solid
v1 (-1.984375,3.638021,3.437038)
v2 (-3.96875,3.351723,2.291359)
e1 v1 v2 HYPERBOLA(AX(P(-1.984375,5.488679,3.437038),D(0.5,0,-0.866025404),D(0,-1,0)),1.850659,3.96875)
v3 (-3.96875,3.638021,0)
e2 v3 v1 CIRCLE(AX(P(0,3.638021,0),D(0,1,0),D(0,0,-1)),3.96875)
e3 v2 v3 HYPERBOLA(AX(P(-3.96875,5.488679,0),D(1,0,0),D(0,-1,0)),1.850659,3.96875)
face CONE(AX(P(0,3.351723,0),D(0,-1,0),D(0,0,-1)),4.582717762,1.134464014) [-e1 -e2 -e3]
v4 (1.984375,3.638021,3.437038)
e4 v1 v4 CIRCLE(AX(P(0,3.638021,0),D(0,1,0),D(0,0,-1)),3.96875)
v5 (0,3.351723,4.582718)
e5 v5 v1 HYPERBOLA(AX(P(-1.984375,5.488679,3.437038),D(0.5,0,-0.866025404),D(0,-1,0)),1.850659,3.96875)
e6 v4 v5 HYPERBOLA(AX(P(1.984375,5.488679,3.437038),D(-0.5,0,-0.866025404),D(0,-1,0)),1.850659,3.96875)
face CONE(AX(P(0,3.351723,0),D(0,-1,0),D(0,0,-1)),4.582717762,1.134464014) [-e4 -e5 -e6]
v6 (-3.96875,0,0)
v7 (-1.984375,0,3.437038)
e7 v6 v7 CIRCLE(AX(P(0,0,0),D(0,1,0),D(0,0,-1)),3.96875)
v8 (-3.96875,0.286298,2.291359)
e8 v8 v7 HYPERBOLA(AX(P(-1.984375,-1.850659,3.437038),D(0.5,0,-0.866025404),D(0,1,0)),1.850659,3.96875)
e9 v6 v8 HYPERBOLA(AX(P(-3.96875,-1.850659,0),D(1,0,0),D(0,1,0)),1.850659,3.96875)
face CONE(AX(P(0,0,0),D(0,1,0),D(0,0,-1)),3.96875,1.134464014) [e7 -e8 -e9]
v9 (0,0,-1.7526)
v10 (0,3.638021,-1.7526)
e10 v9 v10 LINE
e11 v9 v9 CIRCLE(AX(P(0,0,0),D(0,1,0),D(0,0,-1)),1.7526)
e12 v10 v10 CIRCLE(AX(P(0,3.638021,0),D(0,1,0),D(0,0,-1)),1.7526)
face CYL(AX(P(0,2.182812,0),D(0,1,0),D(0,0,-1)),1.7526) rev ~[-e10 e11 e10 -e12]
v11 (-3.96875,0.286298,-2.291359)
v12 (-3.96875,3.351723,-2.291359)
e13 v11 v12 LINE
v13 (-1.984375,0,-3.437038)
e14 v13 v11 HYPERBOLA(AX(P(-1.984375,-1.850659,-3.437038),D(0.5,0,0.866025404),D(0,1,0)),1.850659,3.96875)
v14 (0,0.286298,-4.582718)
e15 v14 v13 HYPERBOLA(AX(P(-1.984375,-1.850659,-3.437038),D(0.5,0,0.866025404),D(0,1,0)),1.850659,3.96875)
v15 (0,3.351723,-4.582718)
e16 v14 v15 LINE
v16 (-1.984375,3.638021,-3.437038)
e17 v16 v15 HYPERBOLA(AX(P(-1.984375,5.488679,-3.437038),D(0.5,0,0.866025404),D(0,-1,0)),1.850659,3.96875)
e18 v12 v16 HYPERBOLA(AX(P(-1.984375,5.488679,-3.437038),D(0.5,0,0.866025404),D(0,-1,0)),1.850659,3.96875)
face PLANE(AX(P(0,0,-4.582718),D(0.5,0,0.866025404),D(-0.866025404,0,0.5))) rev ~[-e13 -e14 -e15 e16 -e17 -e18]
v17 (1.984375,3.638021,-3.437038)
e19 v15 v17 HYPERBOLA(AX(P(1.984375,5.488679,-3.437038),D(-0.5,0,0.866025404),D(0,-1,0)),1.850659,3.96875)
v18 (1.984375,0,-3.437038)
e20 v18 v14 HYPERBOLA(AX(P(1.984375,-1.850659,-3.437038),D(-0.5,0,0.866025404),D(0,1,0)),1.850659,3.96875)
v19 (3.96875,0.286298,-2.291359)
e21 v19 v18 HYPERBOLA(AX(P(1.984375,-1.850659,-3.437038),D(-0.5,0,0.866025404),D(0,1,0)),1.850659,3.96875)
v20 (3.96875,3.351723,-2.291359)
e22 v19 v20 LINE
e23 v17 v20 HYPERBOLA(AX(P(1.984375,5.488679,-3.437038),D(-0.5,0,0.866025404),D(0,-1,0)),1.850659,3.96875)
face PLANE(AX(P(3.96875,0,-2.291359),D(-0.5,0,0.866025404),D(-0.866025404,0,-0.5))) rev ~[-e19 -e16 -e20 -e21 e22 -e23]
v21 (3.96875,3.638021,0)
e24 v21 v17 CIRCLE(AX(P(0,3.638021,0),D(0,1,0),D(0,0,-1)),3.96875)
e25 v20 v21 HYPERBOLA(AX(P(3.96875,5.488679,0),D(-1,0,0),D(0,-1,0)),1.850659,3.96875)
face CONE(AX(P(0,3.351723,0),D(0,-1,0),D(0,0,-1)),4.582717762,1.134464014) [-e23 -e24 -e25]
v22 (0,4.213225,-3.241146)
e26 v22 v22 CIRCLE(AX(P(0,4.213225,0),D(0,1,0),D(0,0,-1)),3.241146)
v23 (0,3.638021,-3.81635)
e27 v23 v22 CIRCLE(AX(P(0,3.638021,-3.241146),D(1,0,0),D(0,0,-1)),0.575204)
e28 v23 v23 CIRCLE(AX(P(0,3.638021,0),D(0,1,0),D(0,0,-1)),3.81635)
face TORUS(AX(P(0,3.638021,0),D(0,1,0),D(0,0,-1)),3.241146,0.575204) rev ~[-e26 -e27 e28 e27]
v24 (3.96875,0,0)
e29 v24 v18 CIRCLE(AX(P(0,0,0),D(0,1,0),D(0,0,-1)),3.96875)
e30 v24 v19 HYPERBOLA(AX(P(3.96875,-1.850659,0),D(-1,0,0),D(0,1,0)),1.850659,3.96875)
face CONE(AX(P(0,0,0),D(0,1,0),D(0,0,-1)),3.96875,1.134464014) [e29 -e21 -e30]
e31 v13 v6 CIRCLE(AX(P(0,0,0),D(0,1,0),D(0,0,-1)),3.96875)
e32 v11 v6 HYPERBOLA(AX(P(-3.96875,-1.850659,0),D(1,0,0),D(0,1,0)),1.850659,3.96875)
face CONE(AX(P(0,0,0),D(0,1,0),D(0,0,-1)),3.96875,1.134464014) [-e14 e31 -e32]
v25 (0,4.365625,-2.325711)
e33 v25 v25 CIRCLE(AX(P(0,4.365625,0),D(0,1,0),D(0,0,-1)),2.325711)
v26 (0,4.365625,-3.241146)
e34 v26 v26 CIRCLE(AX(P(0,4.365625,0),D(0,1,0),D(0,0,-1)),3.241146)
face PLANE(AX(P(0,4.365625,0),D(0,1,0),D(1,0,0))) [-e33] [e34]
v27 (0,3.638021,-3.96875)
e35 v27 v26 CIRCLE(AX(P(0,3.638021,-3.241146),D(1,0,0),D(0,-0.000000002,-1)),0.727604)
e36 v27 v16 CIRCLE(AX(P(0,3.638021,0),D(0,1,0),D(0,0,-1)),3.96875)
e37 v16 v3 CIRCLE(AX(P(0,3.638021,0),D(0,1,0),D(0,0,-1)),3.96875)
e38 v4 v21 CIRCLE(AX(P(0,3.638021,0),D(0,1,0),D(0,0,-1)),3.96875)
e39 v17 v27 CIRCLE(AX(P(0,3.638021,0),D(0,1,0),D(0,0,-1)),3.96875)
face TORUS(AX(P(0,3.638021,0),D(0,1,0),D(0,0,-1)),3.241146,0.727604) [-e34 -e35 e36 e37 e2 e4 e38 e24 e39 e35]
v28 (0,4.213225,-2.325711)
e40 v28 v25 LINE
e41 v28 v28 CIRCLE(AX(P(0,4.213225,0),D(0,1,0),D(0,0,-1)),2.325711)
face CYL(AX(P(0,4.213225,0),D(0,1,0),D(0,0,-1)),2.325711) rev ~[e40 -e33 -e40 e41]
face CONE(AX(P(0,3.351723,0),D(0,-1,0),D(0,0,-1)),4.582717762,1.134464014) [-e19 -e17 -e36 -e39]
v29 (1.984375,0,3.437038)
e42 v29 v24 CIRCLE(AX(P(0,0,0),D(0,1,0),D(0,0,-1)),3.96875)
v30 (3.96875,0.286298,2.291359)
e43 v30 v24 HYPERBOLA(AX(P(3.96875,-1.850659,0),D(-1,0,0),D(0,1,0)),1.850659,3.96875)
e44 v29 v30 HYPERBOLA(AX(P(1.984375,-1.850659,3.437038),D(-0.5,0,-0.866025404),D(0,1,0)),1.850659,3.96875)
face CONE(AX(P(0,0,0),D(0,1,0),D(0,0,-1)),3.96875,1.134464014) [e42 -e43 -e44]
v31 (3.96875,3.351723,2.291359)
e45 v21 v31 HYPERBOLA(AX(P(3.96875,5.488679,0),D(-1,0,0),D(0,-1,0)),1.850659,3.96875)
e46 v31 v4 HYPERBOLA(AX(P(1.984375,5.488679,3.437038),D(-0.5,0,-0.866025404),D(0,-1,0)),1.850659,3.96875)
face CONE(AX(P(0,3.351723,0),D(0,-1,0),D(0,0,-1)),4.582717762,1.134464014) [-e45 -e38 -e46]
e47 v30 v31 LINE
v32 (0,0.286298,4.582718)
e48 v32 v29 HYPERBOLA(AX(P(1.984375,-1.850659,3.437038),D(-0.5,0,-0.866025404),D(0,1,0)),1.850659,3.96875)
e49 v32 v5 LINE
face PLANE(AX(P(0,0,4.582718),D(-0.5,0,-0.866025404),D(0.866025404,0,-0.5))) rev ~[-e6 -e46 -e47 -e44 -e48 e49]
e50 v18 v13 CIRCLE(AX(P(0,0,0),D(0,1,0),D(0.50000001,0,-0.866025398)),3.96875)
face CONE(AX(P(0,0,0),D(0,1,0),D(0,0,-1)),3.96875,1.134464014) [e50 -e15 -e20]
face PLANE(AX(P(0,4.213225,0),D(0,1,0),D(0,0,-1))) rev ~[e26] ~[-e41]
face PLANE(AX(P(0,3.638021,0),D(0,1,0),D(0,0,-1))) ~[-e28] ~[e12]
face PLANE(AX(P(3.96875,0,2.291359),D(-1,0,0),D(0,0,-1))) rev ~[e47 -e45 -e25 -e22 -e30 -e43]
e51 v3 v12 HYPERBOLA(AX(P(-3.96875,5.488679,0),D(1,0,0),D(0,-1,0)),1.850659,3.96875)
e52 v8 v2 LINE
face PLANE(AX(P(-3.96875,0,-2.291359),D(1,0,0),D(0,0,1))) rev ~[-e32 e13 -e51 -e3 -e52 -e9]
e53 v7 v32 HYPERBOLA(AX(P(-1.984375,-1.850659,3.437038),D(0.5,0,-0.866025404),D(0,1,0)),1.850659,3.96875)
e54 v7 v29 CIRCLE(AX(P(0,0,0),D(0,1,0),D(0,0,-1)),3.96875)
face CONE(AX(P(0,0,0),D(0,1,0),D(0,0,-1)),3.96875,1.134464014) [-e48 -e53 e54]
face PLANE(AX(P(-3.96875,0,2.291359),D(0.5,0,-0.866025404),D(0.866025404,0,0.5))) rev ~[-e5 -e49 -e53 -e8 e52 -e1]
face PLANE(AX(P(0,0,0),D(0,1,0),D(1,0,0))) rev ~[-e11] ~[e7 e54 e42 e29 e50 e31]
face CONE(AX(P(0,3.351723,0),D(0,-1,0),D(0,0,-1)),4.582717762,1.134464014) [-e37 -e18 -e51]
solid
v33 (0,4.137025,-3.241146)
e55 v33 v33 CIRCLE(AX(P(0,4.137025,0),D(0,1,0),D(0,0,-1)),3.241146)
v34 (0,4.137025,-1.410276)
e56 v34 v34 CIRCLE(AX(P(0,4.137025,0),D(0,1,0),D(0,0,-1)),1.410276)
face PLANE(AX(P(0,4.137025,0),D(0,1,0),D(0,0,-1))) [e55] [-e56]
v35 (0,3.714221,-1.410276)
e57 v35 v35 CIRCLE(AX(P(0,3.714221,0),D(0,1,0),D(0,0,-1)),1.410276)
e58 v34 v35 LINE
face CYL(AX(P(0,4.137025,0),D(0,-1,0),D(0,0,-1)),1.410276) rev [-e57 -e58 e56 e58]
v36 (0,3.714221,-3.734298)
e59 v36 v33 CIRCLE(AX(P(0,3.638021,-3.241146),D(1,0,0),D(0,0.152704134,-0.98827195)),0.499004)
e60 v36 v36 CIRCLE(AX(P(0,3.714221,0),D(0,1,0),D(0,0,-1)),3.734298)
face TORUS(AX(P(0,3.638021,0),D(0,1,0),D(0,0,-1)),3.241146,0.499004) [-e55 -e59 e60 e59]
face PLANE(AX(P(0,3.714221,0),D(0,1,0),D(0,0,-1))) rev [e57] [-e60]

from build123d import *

# Parameters (mm, degrees)
EXTRUDE1_DEPTH = 4.365625
SKETCH2_W      = 1.7526
SKETCH2_H      = 4.365625


with BuildPart() as part:
    # Sketch1 → Extrude1 (new body)
    with BuildSketch(Plane(origin=(0, 0, 0), x_dir=(1, 0, 0), z_dir=(0, 1, 0))):
        Polygon((0, 4.582717762), (-3.96875, 2.291358881), (-3.96875, -2.291358881), (0, -4.582717762), (3.96875, -2.291358881), (3.96875, 2.291358881), align=None)
    extrude(amount=EXTRUDE1_DEPTH)

    # Sketch4 → Cut-Revolve2 (revolve, cut)
    with BuildSketch(Plane(origin=(0, 0, 0), x_dir=(0, 0, -1), z_dir=(1, 0, 0))):
        Polygon((0, 4.365625), (1.7526, 4.365625), (1.410275607, 4.205996514), (1.410275607, 0.159628486), (1.7526, 0), (0, 0), align=None)
    revolve(axis=Axis((0, 4.365625, 0), (0, 1, 0)), mode=Mode.SUBTRACT)


with BuildPart() as body_2:
    # Sketch2 → Revolve1 (revolve)
    with BuildSketch(Plane(origin=(0, 0, 0), x_dir=(0, 0, -1), z_dir=(1, 0, 0))):
        with Locations((0.8763, 2.1828125)):
            Rectangle(SKETCH2_W, SKETCH2_H)
    revolve(axis=Axis((0, -1.7526, 0), (0, 1, 0)))


with BuildPart() as part_1:
    add(part.part)

    # Combine1: cut body 2
    add(body_2.part, mode=Mode.SUBTRACT)

    # Sketch5 → Cut-Revolve3 (revolve, cut)
    with BuildSketch(Plane(origin=(0, 0, 0), x_dir=(0, 0, -1), z_dir=(1, 0, 0))):
        with BuildLine():
            Line((0, 0), (3.96875, 0))
            Line((3.96875, 0), (4.582717762, 0.286297869))
            Line((4.582717762, 0.286297869), (4.582717762, 3.351722964))
            Line((4.582717762, 3.351722964), (3.96875, 3.638020833))
            ThreePointArc((3.96875, 3.638020833), (3.755639674, 4.152514674), (3.241145833, 4.365625))
            Line((3.241145833, 4.365625), (3.241145833, 5.635625))
            Line((3.241145833, 5.635625), (5.852717762, 5.635625))
            Line((5.852717762, 5.635625), (5.852717762, -1.27))
            Line((5.852717762, -1.27), (0, -1.27))
            Line((0, -1.27), (0, 0))
        make_face()
    revolve(axis=Axis((0, 0, 0), (0, 1, 0)), mode=Mode.SUBTRACT)

    # Sketch6 → Cut-Revolve4 (revolve, cut)
    with BuildSketch(Plane(origin=(0, 0, 0), x_dir=(0, 0, -1), z_dir=(1, 0, 0))):
        with BuildLine():
            Line((0, 3.638020833), (3.81635, 3.638020833))
            ThreePointArc((3.81635, 3.638020833), (3.6478766, 4.0447516), (3.241145833, 4.213225))
            Line((3.241145833, 4.213225), (2.32571072, 4.213225))
            Line((2.32571072, 4.213225), (2.32571072, 5.635625))
            Line((2.32571072, 5.635625), (0, 5.635625))
            Line((0, 5.635625), (0, 3.638020833))
        make_face()
    revolve(axis=Axis((0, 5.635625, 0), (0, 1, 0)), mode=Mode.SUBTRACT)


with BuildPart() as body_2_2:
    # Sketch7 → Revolve2 (revolve)
    with BuildSketch(Plane(origin=(0, 0, 0), x_dir=(0, 0, -1), z_dir=(1, 0, 0))):
        with BuildLine():
            Line((1.410275607, 3.714220833), (3.734297654, 3.714220833))
            ThreePointArc((3.734297654, 3.714220833), (3.565938876, 4.016854092), (3.241145833, 4.137025))
            Line((3.241145833, 4.137025), (1.410275607, 4.137025))
            Line((1.410275607, 4.137025), (1.410275607, 3.714220833))
        make_face()
    revolve(axis=Axis((0, 3.714220833, 0), (0, 1, 0)))


solid = Compound([part_1.part, body_2_2.part])
